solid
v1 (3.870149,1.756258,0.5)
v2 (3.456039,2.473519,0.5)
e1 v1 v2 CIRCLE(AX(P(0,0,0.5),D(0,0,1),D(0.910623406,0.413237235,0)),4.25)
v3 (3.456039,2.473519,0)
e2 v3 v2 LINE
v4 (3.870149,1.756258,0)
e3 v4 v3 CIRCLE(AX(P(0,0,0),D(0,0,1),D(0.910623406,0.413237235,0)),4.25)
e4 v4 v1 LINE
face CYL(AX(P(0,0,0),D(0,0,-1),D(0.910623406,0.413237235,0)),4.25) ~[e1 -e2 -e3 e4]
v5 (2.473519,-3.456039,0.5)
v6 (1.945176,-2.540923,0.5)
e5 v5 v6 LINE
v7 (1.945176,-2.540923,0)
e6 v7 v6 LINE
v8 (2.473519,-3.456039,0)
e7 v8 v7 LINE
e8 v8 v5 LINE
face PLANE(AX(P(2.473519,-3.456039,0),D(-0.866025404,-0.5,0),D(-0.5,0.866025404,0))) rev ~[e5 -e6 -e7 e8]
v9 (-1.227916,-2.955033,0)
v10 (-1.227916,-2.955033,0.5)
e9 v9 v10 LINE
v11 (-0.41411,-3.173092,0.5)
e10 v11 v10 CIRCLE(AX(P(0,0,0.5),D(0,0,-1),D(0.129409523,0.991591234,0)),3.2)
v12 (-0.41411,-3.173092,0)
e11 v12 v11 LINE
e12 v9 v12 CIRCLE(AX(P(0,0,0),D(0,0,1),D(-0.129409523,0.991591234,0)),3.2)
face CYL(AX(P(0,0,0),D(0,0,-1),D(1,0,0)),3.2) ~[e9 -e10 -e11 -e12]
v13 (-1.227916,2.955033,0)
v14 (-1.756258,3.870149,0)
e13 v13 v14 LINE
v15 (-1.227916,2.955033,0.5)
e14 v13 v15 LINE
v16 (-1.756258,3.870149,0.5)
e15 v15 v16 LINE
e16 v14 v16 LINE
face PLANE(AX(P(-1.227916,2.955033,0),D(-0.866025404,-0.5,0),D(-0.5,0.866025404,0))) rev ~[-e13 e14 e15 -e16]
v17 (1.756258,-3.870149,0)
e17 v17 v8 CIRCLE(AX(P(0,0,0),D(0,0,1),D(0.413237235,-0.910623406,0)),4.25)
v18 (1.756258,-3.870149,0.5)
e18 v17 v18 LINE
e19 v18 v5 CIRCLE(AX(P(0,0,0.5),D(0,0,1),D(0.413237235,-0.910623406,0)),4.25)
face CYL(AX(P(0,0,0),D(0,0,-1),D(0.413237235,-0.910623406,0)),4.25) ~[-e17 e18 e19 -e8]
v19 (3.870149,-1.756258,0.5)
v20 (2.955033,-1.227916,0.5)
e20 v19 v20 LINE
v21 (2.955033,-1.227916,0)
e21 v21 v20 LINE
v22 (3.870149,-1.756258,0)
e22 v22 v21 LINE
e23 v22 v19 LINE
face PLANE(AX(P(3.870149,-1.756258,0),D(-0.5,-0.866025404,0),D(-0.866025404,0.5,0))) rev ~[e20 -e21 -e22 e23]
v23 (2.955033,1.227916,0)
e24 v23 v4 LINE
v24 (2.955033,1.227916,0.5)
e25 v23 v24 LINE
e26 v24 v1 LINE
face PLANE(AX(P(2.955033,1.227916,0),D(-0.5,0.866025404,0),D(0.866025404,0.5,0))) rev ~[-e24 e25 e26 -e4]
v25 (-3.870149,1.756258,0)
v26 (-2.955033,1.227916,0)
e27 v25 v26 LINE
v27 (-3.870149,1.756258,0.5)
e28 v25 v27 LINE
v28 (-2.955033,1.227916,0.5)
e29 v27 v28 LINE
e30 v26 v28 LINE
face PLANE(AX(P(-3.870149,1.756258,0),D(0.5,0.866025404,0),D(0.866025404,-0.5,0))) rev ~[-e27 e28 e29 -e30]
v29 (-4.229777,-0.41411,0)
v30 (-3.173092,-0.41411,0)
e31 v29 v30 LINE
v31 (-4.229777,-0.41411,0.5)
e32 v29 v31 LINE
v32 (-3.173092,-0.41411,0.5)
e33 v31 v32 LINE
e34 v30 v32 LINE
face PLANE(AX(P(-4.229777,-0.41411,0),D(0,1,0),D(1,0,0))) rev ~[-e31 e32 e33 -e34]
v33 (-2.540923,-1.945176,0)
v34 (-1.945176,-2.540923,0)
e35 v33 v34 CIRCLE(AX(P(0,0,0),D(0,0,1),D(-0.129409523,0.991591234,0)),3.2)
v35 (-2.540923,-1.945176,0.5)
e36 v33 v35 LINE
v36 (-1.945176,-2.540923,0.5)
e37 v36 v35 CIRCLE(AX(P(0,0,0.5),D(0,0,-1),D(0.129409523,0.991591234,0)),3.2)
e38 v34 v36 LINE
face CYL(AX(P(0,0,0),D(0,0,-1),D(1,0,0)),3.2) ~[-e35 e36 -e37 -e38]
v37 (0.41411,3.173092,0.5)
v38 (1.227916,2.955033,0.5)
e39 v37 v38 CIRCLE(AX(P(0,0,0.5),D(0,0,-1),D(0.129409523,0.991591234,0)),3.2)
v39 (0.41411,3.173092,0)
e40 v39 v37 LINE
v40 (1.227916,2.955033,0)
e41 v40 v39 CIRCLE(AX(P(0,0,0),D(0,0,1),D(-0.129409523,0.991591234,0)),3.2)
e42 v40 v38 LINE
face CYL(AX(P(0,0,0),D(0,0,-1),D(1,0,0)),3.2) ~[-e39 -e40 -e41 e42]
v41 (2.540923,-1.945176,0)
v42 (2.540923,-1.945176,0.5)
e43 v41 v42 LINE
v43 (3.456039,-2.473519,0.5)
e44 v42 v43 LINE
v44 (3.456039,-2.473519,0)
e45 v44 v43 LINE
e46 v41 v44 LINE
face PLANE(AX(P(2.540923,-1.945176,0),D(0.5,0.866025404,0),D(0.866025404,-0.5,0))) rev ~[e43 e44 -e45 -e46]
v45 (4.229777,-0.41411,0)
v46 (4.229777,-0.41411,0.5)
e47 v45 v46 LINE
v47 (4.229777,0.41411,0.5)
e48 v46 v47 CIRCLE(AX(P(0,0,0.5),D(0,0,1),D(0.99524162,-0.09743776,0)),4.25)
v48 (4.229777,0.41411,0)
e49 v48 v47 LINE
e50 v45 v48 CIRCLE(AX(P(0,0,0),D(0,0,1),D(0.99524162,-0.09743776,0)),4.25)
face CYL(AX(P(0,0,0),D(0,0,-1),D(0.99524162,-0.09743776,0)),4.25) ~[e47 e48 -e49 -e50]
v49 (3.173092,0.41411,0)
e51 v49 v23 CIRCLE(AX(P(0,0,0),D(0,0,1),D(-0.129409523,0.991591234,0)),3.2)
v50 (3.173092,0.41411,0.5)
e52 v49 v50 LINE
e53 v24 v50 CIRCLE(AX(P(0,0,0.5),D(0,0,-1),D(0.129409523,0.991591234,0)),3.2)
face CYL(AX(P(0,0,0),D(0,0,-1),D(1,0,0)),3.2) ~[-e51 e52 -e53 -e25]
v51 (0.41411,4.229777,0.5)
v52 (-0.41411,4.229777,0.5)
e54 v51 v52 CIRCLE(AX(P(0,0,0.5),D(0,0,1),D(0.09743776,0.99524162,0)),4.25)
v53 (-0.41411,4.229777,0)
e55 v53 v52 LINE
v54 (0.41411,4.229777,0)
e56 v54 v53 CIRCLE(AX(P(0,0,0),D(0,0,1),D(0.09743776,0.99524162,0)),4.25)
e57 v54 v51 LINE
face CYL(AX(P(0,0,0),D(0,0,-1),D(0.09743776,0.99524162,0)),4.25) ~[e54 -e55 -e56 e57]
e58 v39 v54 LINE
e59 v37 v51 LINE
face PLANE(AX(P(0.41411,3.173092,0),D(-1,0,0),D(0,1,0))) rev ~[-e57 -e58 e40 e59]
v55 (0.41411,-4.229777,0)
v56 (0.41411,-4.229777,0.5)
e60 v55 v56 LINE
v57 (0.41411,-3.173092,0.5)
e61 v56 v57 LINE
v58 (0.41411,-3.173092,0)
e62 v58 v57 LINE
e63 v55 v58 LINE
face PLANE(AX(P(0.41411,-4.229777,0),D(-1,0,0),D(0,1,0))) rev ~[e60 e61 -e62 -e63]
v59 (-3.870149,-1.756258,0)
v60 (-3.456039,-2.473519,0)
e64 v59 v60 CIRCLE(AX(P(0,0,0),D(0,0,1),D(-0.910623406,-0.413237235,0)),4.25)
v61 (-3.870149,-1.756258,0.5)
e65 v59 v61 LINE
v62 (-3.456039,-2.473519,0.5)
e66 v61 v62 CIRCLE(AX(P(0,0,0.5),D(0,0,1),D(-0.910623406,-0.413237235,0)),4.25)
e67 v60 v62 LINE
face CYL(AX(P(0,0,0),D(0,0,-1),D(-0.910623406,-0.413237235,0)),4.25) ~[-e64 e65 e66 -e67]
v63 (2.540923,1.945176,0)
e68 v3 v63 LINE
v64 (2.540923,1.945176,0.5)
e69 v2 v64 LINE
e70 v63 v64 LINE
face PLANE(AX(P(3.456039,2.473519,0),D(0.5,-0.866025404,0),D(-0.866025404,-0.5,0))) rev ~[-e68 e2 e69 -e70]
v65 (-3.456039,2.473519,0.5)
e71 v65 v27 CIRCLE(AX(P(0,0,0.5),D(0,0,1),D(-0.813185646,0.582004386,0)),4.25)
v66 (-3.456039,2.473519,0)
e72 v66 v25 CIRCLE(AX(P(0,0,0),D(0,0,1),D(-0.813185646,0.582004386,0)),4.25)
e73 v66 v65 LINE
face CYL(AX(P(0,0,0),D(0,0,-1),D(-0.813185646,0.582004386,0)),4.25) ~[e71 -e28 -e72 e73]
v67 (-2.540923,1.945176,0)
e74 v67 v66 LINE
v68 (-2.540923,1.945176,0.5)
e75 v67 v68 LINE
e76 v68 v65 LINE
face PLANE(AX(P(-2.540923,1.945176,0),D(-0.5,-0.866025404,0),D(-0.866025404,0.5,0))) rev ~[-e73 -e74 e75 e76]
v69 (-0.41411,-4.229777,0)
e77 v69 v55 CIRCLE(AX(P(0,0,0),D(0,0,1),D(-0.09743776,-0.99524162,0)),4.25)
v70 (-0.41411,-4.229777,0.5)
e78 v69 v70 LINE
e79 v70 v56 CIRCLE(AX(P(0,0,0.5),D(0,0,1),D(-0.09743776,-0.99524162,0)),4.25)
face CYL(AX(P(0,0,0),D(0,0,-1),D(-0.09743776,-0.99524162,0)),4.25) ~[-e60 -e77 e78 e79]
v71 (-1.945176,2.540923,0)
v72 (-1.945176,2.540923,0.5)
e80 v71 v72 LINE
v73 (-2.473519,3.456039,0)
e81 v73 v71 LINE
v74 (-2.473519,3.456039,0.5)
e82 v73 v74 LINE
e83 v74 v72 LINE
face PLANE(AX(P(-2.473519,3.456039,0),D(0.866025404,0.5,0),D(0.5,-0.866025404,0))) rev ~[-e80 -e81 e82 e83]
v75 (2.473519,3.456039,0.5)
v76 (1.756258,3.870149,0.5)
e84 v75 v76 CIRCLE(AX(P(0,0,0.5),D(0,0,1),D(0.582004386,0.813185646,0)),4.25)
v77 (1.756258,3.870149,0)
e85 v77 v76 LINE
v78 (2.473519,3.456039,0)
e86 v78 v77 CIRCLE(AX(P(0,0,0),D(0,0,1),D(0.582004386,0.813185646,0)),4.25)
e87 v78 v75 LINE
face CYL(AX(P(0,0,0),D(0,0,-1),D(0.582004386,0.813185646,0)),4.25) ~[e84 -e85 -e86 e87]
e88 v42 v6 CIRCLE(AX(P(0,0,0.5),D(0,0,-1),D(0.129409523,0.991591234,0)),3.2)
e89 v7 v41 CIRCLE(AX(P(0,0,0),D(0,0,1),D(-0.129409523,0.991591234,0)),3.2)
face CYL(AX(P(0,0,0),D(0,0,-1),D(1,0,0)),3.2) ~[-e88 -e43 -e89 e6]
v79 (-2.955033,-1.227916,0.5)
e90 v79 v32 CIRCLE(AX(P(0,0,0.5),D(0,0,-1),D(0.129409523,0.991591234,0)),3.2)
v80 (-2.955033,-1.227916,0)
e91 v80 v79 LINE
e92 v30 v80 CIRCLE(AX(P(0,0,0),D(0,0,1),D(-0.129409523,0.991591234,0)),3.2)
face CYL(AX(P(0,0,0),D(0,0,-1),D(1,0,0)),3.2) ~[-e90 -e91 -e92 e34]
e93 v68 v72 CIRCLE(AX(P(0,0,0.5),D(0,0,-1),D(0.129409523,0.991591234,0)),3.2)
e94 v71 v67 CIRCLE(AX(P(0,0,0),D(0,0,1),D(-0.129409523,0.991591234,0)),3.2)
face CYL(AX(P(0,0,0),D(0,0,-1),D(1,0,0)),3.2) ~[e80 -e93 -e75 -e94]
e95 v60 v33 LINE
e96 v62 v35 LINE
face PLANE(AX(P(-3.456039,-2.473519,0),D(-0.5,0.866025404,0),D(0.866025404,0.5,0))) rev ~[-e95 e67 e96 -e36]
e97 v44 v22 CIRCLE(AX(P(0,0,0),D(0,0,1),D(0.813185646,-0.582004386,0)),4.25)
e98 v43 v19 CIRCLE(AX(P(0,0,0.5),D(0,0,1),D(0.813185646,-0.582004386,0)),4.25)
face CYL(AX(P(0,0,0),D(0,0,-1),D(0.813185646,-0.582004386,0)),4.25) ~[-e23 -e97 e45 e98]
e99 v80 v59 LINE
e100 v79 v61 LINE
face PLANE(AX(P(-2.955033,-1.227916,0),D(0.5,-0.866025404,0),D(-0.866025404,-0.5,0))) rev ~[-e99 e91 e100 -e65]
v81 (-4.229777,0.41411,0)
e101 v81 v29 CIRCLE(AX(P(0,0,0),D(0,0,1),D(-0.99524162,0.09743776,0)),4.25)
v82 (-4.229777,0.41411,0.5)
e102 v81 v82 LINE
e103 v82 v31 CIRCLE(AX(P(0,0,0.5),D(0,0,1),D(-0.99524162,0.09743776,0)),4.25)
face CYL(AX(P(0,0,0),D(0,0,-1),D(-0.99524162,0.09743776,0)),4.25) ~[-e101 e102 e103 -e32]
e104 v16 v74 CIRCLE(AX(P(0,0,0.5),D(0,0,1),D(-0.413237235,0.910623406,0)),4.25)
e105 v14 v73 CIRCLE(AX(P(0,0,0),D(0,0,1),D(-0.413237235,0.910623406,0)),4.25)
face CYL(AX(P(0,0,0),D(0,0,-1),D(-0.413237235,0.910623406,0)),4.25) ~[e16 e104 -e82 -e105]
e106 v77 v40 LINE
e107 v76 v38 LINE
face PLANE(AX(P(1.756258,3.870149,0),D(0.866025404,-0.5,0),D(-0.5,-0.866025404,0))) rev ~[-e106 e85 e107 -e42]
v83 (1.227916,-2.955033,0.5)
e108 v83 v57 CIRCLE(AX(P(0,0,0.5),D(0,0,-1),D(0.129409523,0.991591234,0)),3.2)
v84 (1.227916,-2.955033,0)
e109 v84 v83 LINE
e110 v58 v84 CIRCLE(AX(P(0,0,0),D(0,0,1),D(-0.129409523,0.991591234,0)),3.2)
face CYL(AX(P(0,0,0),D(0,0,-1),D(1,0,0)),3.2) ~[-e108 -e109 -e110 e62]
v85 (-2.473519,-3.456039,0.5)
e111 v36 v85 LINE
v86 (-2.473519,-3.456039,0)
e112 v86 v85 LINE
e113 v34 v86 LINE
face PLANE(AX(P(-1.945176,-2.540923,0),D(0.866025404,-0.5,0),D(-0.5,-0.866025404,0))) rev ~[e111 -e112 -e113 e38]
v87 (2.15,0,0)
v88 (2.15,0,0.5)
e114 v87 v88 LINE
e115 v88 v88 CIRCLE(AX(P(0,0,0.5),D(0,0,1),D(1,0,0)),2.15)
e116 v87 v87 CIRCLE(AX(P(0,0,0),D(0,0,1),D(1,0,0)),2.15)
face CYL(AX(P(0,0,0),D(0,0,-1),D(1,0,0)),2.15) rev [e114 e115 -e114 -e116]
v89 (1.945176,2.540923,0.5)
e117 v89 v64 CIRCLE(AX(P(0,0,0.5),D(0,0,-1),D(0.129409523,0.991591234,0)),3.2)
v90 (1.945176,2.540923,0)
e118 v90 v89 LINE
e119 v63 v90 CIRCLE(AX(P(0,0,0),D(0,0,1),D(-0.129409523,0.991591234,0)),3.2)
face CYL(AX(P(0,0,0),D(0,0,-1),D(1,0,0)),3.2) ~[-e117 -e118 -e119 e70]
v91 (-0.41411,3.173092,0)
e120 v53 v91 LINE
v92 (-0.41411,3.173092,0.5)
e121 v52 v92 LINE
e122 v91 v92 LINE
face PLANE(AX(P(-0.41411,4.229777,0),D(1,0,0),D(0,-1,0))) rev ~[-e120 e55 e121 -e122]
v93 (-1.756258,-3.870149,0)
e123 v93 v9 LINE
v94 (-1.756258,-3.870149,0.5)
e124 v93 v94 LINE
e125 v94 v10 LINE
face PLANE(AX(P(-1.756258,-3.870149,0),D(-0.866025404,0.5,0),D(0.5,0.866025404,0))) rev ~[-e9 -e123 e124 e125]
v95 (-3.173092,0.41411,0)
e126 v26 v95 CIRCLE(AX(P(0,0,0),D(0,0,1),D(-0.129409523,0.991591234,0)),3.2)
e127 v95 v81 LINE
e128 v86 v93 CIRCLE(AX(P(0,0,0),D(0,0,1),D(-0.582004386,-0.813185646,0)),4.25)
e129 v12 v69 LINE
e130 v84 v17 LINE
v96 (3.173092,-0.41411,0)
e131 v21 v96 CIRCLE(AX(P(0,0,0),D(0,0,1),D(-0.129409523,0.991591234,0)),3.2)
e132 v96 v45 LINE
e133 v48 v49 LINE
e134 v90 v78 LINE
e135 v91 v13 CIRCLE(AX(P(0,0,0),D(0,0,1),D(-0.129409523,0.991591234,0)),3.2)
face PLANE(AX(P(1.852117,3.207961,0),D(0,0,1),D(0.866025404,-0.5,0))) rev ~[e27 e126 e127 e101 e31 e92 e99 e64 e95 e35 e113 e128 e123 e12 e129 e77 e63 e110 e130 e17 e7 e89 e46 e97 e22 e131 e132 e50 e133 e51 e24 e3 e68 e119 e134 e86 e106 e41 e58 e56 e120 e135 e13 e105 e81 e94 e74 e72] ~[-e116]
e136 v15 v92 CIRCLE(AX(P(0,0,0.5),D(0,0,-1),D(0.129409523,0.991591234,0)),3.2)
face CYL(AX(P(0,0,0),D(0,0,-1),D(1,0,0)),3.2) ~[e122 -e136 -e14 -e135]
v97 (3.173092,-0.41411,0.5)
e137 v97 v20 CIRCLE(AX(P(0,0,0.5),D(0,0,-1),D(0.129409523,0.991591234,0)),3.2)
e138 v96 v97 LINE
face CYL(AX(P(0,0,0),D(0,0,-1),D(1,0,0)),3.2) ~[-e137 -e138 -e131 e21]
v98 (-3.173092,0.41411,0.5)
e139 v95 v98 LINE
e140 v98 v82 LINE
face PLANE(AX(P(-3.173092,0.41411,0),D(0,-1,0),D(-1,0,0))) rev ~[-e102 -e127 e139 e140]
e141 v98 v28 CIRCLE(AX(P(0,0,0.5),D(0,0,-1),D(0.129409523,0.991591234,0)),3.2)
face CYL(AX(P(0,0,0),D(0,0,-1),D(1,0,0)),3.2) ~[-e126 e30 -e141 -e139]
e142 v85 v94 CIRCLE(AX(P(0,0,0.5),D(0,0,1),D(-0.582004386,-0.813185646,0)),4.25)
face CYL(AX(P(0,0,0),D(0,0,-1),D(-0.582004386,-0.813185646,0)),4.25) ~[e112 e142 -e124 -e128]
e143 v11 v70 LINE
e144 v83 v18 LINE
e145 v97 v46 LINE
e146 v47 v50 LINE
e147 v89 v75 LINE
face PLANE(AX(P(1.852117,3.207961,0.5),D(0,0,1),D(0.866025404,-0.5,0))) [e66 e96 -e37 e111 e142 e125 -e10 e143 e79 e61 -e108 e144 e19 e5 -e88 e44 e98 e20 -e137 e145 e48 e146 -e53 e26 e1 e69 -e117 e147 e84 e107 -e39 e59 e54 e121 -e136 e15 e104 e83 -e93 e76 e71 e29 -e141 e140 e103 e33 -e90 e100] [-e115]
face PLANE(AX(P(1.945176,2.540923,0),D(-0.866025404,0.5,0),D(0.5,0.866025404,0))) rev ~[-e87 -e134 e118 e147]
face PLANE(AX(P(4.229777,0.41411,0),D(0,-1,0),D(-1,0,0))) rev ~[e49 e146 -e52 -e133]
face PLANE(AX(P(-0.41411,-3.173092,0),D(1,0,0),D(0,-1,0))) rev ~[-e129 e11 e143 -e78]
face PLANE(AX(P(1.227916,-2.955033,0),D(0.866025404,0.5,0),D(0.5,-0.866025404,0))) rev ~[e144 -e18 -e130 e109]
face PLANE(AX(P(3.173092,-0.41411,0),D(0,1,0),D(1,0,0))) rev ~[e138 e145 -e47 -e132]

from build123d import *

# Parameters (mm, degrees)
SKETCH1_R         = 3.2
SKETCH1_R_2       = 2.15
EXTRUDE1_DEPTH    = 0.5
EXTRUDE2_DEPTH    = 0.5
CIRPATTERN1_COUNT = 12


with BuildPart() as part:
    # Sketch1 → Extrude1 (new body)
    with BuildSketch(Plane.XY):
        Circle(SKETCH1_R)
        Circle(SKETCH1_R_2, mode=Mode.SUBTRACT)
    extrude(amount=EXTRUDE1_DEPTH)

    # Sketch2 → Extrude2 (add)
    with BuildSketch(Plane.XY):
        with BuildLine():
            Line((-0.414110472, 4.229776887), (-0.414110472, 3.173091949))
            Line((-0.414110472, 3.173091949), (0.414110472, 3.173091949))
            Line((0.414110472, 3.173091949), (0.414110472, 4.229776887))
            ThreePointArc((0.414110472, 4.229776887), (0, 4.25), (-0.414110472, 4.229776887))
        make_face()
    extrude2 = extrude(amount=EXTRUDE2_DEPTH)

    # CirPattern1: Extrude2 ×12 about axis
    cirpattern1_axis = Axis((0, 0, 0), (0, 0, 1))
    for i in range(1, CIRPATTERN1_COUNT):
        add(extrude2.rotate(cirpattern1_axis, i * 360 / CIRPATTERN1_COUNT))


solid = part.part
